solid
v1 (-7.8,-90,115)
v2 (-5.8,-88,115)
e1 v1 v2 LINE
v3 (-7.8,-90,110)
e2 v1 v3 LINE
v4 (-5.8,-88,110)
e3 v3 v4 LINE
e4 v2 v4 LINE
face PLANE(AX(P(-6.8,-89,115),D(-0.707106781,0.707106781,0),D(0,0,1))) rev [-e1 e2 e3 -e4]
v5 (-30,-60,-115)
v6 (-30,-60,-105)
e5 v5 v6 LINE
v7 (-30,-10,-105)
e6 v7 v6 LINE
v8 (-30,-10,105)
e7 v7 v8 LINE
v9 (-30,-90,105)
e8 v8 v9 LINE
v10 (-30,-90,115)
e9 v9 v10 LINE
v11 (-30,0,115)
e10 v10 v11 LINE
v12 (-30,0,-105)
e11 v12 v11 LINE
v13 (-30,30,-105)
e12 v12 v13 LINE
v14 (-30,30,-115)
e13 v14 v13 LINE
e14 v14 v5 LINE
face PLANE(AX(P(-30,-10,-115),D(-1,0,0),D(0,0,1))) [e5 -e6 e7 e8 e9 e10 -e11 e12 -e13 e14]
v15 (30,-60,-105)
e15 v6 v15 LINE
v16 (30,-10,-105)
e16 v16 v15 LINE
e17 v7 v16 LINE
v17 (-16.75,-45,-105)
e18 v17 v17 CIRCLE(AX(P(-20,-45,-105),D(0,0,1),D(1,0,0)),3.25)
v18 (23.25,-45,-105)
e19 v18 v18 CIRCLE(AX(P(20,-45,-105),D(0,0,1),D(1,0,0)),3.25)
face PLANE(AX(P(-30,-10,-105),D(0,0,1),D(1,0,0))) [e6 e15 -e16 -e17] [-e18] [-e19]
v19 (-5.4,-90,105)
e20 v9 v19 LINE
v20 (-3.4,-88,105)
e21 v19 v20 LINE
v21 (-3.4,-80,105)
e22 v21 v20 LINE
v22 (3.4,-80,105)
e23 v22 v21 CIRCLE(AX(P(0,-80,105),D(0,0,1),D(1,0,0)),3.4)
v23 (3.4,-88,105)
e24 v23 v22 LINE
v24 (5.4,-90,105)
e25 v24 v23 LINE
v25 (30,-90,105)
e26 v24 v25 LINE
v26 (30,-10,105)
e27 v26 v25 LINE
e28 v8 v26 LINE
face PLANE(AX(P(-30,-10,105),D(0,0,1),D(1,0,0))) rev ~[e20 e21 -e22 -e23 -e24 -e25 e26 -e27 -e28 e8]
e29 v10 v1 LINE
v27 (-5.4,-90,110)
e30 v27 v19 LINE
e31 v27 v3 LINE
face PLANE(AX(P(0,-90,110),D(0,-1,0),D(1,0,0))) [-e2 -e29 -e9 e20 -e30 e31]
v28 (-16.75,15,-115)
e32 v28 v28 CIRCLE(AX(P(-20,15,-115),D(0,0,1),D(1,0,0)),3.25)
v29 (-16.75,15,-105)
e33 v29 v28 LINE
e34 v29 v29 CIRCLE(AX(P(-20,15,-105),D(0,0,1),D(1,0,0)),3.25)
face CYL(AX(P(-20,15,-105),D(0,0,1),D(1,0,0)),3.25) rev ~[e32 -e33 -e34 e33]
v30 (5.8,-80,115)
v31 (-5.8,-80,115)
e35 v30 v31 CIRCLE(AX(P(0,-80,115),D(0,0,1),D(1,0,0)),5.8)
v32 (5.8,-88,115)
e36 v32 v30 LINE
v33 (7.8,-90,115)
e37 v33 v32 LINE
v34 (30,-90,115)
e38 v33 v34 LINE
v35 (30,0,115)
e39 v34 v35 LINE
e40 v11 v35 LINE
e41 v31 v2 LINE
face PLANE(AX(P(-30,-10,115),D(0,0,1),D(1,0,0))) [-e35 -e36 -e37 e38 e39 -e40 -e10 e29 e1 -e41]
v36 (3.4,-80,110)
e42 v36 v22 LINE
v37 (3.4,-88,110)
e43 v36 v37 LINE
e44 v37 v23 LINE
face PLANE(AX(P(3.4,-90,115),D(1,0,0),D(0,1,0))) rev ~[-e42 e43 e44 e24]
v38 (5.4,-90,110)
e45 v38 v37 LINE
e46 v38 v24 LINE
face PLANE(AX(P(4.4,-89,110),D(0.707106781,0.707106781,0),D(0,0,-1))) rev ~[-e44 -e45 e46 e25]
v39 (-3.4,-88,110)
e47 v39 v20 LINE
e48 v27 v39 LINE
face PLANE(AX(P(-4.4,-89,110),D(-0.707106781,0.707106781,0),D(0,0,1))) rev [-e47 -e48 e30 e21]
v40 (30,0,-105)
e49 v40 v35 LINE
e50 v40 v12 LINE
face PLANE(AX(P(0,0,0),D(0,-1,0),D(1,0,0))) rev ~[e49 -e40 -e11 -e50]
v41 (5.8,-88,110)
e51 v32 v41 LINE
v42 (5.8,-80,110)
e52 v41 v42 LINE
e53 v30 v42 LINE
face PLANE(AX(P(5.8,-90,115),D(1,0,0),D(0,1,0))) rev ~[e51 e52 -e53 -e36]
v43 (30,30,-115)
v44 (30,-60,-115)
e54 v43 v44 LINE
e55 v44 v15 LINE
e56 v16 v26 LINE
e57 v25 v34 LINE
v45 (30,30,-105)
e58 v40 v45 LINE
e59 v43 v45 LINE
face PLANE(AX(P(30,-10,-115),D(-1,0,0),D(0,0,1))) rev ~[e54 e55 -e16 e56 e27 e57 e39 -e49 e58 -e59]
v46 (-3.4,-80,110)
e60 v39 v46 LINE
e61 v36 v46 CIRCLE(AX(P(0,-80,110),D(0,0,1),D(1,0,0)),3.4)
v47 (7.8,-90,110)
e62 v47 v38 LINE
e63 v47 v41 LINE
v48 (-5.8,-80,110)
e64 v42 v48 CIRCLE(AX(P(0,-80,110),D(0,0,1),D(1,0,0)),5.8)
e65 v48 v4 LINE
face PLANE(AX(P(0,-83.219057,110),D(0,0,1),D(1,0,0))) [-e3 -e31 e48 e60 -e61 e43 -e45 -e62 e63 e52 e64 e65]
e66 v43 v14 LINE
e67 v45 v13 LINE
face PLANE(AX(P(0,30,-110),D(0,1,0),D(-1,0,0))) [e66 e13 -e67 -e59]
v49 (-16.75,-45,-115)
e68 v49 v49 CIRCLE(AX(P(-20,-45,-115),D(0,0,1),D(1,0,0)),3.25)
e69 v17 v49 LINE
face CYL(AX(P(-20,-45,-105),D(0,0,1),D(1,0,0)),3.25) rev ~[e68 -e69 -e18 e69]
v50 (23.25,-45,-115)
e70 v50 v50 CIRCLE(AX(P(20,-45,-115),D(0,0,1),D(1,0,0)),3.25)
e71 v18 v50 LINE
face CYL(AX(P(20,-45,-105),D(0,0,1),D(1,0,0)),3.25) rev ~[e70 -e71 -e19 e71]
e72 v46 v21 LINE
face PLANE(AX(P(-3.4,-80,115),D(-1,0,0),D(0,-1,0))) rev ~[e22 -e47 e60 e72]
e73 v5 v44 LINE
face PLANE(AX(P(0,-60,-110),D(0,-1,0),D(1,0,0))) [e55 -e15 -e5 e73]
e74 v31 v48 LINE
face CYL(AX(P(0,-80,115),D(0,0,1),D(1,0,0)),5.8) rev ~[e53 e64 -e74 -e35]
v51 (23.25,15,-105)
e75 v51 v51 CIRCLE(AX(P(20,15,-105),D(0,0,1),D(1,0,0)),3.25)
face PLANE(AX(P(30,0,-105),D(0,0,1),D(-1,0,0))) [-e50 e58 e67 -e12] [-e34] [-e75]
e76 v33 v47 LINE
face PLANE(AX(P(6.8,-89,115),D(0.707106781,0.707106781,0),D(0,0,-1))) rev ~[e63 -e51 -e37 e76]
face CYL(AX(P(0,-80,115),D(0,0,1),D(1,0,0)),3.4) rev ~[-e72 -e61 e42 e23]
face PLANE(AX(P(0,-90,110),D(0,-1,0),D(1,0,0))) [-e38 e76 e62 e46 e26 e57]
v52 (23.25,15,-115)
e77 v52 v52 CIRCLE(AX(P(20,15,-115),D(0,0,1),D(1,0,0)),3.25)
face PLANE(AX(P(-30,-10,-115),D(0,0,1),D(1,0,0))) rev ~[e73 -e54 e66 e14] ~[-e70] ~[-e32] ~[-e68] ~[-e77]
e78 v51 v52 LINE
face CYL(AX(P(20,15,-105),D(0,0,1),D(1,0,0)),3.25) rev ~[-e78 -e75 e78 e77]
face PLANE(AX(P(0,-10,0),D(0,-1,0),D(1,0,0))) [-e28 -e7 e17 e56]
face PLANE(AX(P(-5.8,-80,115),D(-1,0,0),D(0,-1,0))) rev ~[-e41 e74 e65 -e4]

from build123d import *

# Parameters (mm, degrees)
F0_W      = 60
F0_H      = 230
F1_DEPTH  = 10
F2_W      = 60
F2_H      = 10
F3_DEPTH  = 30
F4_R      = 3.25
F5_DEPTH  = 10.001
F6_W      = 60
F6_H      = 10
F7_DEPTH  = 80
F8_W      = 60
F8_H      = 10
F9_DEPTH  = 50
F10_R     = 3.25
F11_DEPTH = 10.001
F13_DEPTH = 230.001
F15_DEPTH = 5
F16_SIZE  = 2


with BuildPart() as f1:
    # F0 (on Front) → F1 (new body)
    with BuildSketch(Plane.XZ):
        Rectangle(F0_W, F0_H)
    extrude(amount=F1_DEPTH)

    # F2 (on face) → F3 (join)
    with BuildSketch(Plane(origin=(0, 0, 0), x_dir=(-1, 0, 0), z_dir=(0, 1, 0))):
        with Locations((0, -110)):
            Rectangle(F2_W, F2_H)
    extrude(amount=F3_DEPTH)

    # F4 (on face) → F5 (cut, through all)
    with BuildSketch(Plane.XY.offset(-105)):
        with Locations((20, 15)):
            Circle(F4_R)
        with Locations((-20, 15)):
            Circle(F4_R)
    extrude(amount=-F5_DEPTH, mode=Mode.SUBTRACT)

    # F6 (on face) → F7 (join)
    with BuildSketch(Plane.XZ.offset(10)):
        with Locations((0, 110)):
            Rectangle(F6_W, F6_H)
    extrude(amount=F7_DEPTH)

    # F8 (on face) → F9 (join)
    with BuildSketch(Plane.XZ.offset(10)):
        with Locations((0, -110)):
            Rectangle(F8_W, F8_H)
    extrude(amount=F9_DEPTH)

    # F10 (on face) → F11 (cut, through all)
    with BuildSketch(Plane.XY.offset(-105)):
        with Locations((20, -45)):
            Circle(F10_R)
        with Locations((-20, -45)):
            Circle(F10_R)
    extrude(amount=-F11_DEPTH, mode=Mode.SUBTRACT)

    # F12 (on face) → F13 (cut, through all)
    with BuildSketch(Plane.XY.offset(115)):
        with BuildLine():
            Line((3.4, -90), (3.4, -80))
            ThreePointArc((3.4, -80), (0, -76.6), (-3.4, -80))
            Line((-3.4, -80), (-3.4, -90))
            Line((-3.4, -90), (0, -90))
            Line((0, -90), (3.4, -90))
        make_face()
    extrude(amount=-F13_DEPTH, mode=Mode.SUBTRACT)

    # F14 (on face) → F15 (cut)
    with BuildSketch(Plane.XY.offset(115)):
        with BuildLine():
            Line((5.8, -90), (5.8, -80))
            ThreePointArc((5.8, -80), (0, -74.2), (-5.8, -80))
            Line((-5.8, -80), (-5.8, -90))
            Line((-5.8, -90), (5.8, -90))
        make_face()
    extrude(amount=-F15_DEPTH, mode=Mode.SUBTRACT)

    # F16
    f16_edges = [f1.edges().sort_by_distance(p)[0] for p in [
        (3.4, -90, 107.5),
        (-3.4, -90, 107.5),
        (5.8, -90, 112.5),
        (-5.8, -90, 112.5),
    ]]
    chamfer(f16_edges, length=F16_SIZE)


solid = f1.part
